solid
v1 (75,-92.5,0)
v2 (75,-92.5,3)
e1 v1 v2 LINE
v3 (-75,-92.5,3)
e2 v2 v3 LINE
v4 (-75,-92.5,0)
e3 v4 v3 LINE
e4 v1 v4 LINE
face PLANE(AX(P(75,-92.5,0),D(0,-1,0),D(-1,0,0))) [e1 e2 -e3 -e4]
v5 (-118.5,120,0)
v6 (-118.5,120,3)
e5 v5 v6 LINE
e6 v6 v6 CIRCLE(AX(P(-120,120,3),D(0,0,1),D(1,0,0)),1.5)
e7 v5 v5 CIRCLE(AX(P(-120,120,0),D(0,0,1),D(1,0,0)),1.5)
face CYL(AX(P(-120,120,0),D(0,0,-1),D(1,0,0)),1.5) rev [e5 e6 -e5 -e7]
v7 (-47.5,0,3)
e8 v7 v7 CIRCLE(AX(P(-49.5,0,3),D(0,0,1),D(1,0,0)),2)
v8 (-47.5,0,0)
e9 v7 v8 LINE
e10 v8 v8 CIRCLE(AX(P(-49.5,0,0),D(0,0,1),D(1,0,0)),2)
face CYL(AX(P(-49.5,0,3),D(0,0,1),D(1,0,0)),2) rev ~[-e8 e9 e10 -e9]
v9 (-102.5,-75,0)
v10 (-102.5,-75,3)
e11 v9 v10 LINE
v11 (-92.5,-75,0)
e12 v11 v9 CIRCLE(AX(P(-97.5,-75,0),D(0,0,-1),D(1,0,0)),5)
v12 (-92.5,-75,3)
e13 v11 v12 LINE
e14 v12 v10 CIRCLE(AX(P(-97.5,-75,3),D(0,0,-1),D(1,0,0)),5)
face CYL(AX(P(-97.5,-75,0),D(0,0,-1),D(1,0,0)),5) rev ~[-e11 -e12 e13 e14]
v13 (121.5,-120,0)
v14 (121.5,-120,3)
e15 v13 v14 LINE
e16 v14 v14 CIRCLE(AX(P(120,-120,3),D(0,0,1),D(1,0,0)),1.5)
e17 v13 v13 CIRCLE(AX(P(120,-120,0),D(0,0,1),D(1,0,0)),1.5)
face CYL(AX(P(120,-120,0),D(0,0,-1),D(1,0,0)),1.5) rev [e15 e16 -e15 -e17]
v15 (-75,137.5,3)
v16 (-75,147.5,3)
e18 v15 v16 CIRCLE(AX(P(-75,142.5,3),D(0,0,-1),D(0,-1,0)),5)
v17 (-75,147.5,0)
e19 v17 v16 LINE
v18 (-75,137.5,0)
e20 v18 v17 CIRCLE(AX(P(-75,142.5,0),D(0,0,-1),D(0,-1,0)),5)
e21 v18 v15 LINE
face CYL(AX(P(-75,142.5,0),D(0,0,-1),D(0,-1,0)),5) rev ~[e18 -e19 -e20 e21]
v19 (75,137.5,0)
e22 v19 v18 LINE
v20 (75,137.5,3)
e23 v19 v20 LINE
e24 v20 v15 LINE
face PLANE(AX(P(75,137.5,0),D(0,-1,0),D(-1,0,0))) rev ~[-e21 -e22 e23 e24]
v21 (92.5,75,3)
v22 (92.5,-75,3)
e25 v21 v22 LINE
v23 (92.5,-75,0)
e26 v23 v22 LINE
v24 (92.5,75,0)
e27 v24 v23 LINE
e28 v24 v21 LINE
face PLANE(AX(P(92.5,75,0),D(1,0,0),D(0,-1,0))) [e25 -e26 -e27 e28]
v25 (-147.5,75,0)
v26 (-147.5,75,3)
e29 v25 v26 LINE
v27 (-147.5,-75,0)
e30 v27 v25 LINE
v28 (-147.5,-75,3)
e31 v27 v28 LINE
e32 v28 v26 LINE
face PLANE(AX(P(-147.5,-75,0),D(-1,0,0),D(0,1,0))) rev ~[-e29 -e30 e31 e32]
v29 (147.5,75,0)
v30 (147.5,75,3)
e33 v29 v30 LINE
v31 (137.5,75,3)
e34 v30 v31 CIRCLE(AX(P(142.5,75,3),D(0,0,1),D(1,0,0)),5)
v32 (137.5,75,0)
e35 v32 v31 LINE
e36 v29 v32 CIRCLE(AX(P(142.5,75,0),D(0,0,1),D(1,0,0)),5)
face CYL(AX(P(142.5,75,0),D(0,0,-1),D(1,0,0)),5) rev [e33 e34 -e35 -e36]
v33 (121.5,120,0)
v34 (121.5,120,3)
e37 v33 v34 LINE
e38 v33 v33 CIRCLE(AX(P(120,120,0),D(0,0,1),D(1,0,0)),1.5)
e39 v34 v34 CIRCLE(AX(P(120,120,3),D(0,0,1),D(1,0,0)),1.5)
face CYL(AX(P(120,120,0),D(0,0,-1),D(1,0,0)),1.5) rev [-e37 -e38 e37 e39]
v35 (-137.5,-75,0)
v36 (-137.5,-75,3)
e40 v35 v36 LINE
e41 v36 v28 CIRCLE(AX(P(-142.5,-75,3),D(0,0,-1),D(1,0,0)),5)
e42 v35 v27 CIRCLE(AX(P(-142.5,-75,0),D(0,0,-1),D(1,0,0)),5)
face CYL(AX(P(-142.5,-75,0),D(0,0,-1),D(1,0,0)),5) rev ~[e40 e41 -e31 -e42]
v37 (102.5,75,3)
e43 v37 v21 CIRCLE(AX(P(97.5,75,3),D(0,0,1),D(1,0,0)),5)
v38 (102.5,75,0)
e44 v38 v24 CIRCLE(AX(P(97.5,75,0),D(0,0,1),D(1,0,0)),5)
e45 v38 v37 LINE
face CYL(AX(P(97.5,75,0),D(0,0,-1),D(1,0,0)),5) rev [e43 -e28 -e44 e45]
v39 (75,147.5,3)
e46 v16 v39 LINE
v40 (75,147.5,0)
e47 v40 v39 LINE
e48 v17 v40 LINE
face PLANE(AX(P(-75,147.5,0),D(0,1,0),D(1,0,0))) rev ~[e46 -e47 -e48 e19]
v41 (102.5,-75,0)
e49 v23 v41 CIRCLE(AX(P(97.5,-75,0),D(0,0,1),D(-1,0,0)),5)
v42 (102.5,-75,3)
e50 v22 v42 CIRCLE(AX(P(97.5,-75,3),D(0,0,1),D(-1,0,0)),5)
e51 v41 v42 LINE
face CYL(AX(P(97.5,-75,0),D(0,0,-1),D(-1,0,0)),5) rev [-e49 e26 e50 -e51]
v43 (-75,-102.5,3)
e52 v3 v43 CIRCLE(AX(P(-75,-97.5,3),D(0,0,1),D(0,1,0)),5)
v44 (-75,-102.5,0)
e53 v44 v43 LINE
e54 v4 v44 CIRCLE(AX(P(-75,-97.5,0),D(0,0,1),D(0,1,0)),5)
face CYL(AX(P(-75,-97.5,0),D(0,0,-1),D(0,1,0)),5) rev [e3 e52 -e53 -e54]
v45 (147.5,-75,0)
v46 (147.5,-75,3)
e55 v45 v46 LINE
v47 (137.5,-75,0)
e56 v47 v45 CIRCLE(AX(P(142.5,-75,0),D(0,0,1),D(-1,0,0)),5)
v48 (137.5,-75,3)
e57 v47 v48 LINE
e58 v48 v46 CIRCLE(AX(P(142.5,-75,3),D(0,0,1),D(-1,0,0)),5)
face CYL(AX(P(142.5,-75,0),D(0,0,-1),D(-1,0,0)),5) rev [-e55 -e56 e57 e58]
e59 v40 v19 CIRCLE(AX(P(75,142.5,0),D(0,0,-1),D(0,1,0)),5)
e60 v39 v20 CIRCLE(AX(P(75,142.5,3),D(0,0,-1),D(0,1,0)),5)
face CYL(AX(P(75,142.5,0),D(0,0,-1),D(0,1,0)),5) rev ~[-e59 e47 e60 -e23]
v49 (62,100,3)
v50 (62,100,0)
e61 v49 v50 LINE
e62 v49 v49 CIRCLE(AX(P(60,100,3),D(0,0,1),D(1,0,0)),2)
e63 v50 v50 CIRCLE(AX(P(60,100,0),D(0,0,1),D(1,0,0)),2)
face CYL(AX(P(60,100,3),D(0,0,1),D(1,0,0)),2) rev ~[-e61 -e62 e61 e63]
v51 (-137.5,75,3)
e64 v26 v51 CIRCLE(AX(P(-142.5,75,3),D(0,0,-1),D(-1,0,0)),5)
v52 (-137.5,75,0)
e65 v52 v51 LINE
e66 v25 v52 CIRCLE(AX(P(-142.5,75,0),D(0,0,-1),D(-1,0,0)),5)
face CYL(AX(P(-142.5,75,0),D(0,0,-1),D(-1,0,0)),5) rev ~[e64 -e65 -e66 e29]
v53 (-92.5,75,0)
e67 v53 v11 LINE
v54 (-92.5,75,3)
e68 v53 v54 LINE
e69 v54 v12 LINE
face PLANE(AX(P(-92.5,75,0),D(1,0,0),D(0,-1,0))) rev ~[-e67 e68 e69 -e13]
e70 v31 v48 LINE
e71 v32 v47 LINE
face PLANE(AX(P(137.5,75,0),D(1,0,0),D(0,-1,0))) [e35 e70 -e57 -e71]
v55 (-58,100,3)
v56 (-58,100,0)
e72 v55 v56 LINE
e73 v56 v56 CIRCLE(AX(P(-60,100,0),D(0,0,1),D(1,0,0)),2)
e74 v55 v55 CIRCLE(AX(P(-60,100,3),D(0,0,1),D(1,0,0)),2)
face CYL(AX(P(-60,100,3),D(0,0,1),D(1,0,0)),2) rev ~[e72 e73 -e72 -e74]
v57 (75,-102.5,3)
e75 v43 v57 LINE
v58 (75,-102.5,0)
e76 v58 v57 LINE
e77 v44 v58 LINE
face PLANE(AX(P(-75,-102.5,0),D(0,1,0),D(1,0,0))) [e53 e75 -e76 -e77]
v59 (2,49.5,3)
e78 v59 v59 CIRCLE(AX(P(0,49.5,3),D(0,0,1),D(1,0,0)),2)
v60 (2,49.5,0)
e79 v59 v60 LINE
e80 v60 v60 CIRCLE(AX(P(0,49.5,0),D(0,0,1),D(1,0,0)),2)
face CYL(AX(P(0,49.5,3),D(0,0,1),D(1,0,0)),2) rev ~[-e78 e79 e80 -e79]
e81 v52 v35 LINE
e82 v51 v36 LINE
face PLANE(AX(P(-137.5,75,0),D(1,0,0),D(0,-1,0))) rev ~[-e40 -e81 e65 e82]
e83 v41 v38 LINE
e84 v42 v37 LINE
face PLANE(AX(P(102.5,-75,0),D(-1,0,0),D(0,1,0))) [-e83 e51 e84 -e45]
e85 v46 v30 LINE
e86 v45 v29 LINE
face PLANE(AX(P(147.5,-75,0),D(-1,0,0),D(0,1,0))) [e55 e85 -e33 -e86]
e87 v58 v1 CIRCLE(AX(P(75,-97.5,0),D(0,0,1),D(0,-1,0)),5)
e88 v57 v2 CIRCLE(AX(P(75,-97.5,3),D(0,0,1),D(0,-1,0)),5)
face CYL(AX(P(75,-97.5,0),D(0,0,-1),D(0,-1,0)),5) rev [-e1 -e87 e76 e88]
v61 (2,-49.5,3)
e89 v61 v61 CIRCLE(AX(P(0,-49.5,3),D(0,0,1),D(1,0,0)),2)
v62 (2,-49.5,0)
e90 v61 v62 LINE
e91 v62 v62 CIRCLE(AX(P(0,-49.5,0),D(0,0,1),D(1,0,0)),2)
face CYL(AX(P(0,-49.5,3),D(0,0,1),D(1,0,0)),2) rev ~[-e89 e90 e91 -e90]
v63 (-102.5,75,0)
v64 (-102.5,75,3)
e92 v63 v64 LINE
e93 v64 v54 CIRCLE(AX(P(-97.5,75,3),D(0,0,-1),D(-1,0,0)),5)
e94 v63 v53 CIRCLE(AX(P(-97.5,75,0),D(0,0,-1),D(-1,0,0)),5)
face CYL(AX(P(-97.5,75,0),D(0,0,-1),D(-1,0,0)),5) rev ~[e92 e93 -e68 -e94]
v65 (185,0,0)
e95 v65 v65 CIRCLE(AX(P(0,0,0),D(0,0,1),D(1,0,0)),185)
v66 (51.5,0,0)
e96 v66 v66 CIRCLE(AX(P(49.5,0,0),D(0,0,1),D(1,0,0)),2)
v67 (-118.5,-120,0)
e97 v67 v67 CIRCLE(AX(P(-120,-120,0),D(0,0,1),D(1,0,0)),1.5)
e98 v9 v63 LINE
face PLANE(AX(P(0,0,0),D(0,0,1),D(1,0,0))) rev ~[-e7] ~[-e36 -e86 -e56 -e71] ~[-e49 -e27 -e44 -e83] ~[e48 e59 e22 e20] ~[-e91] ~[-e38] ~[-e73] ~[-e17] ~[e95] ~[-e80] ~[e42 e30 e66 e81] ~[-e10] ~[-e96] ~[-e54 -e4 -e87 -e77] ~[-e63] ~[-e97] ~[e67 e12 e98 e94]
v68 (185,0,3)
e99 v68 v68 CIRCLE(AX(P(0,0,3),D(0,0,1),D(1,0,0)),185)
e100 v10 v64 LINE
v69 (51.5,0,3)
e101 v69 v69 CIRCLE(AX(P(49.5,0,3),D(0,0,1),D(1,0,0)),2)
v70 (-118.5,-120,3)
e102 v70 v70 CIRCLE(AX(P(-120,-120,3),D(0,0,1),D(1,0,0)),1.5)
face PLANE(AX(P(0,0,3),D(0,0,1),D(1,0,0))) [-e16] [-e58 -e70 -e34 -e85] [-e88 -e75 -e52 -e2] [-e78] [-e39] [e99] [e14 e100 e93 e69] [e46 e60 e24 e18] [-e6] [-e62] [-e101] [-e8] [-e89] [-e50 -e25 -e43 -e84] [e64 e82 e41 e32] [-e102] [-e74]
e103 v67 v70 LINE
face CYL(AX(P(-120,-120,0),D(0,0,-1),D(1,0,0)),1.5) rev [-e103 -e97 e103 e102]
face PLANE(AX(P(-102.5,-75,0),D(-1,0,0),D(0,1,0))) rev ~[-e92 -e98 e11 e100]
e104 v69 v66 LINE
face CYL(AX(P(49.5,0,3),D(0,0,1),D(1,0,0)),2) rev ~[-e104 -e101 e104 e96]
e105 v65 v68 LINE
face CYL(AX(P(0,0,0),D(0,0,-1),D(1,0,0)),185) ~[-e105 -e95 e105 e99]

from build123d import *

# Parameters (mm, degrees)
SKETCH_1_R          = 185
SKETCH_1_R_2        = 1.5
EXTRUDE_1_DEPTH     = 3
SKETCH_2_R          = 2
CUT_EXTRUDE_1_DEPTH = 10


with BuildPart() as part:
    # 草图1 → 凸台-拉伸1 (new body)
    with BuildSketch(Plane.XY):
        Circle(SKETCH_1_R)
        with Locations((-120, 120)):
            Circle(SKETCH_1_R_2, mode=Mode.SUBTRACT)
        with Locations((120, 120)):
            Circle(SKETCH_1_R_2, mode=Mode.SUBTRACT)
        with Locations((120, -120)):
            Circle(SKETCH_1_R_2, mode=Mode.SUBTRACT)
        with Locations((-120, -120)):
            Circle(SKETCH_1_R_2, mode=Mode.SUBTRACT)
        with BuildLine():
            Line((-102.5, -75), (-102.5, 75))
            ThreePointArc((-102.5, 75), (-97.5, 80), (-92.5, 75))
            Line((-92.5, 75), (-92.5, -75))
            ThreePointArc((-92.5, -75), (-97.5, -80), (-102.5, -75))
        make_face(mode=Mode.SUBTRACT)
        with BuildLine():
            Line((147.5, -75), (147.5, 75))
            ThreePointArc((147.5, 75), (142.5, 80), (137.5, 75))
            Line((137.5, 75), (137.5, -75))
            ThreePointArc((137.5, -75), (142.5, -80), (147.5, -75))
        make_face(mode=Mode.SUBTRACT)
        with BuildLine():
            Line((-147.5, -75), (-147.5, 75))
            ThreePointArc((-147.5, 75), (-142.5, 80), (-137.5, 75))
            Line((-137.5, 75), (-137.5, -75))
            ThreePointArc((-137.5, -75), (-142.5, -80), (-147.5, -75))
        make_face(mode=Mode.SUBTRACT)
        with BuildLine():
            Line((-75, -102.5), (75, -102.5))
            ThreePointArc((75, -102.5), (80, -97.5), (75, -92.5))
            Line((75, -92.5), (-75, -92.5))
            ThreePointArc((-75, -92.5), (-80, -97.5), (-75, -102.5))
        make_face(mode=Mode.SUBTRACT)
        with BuildLine():
            Line((-75, 147.5), (75, 147.5))
            ThreePointArc((75, 147.5), (80, 142.5), (75, 137.5))
            Line((75, 137.5), (-75, 137.5))
            ThreePointArc((-75, 137.5), (-80, 142.5), (-75, 147.5))
        make_face(mode=Mode.SUBTRACT)
        with BuildLine():
            Line((102.5, -75), (102.5, 75))
            ThreePointArc((102.5, 75), (97.5, 80), (92.5, 75))
            Line((92.5, 75), (92.5, -75))
            ThreePointArc((92.5, -75), (97.5, -80), (102.5, -75))
        make_face(mode=Mode.SUBTRACT)
    extrude(amount=EXTRUDE_1_DEPTH)

    # 草图2 → 切除-拉伸1 (cut)
    with BuildSketch(Plane.XY.offset(3)):
        with Locations((0, 49.5)):
            Circle(SKETCH_2_R)
        with Locations((0, -49.5)):
            Circle(SKETCH_2_R)
        with Locations((49.5, 0)):
            Circle(SKETCH_2_R)
        with Locations((-49.5, 0)):
            Circle(SKETCH_2_R)
        with Locations((60, 100)):
            Circle(SKETCH_2_R)
        with Locations((-60, 100)):
            Circle(SKETCH_2_R)
    extrude(amount=-CUT_EXTRUDE_1_DEPTH, mode=Mode.SUBTRACT)


solid = part.part
